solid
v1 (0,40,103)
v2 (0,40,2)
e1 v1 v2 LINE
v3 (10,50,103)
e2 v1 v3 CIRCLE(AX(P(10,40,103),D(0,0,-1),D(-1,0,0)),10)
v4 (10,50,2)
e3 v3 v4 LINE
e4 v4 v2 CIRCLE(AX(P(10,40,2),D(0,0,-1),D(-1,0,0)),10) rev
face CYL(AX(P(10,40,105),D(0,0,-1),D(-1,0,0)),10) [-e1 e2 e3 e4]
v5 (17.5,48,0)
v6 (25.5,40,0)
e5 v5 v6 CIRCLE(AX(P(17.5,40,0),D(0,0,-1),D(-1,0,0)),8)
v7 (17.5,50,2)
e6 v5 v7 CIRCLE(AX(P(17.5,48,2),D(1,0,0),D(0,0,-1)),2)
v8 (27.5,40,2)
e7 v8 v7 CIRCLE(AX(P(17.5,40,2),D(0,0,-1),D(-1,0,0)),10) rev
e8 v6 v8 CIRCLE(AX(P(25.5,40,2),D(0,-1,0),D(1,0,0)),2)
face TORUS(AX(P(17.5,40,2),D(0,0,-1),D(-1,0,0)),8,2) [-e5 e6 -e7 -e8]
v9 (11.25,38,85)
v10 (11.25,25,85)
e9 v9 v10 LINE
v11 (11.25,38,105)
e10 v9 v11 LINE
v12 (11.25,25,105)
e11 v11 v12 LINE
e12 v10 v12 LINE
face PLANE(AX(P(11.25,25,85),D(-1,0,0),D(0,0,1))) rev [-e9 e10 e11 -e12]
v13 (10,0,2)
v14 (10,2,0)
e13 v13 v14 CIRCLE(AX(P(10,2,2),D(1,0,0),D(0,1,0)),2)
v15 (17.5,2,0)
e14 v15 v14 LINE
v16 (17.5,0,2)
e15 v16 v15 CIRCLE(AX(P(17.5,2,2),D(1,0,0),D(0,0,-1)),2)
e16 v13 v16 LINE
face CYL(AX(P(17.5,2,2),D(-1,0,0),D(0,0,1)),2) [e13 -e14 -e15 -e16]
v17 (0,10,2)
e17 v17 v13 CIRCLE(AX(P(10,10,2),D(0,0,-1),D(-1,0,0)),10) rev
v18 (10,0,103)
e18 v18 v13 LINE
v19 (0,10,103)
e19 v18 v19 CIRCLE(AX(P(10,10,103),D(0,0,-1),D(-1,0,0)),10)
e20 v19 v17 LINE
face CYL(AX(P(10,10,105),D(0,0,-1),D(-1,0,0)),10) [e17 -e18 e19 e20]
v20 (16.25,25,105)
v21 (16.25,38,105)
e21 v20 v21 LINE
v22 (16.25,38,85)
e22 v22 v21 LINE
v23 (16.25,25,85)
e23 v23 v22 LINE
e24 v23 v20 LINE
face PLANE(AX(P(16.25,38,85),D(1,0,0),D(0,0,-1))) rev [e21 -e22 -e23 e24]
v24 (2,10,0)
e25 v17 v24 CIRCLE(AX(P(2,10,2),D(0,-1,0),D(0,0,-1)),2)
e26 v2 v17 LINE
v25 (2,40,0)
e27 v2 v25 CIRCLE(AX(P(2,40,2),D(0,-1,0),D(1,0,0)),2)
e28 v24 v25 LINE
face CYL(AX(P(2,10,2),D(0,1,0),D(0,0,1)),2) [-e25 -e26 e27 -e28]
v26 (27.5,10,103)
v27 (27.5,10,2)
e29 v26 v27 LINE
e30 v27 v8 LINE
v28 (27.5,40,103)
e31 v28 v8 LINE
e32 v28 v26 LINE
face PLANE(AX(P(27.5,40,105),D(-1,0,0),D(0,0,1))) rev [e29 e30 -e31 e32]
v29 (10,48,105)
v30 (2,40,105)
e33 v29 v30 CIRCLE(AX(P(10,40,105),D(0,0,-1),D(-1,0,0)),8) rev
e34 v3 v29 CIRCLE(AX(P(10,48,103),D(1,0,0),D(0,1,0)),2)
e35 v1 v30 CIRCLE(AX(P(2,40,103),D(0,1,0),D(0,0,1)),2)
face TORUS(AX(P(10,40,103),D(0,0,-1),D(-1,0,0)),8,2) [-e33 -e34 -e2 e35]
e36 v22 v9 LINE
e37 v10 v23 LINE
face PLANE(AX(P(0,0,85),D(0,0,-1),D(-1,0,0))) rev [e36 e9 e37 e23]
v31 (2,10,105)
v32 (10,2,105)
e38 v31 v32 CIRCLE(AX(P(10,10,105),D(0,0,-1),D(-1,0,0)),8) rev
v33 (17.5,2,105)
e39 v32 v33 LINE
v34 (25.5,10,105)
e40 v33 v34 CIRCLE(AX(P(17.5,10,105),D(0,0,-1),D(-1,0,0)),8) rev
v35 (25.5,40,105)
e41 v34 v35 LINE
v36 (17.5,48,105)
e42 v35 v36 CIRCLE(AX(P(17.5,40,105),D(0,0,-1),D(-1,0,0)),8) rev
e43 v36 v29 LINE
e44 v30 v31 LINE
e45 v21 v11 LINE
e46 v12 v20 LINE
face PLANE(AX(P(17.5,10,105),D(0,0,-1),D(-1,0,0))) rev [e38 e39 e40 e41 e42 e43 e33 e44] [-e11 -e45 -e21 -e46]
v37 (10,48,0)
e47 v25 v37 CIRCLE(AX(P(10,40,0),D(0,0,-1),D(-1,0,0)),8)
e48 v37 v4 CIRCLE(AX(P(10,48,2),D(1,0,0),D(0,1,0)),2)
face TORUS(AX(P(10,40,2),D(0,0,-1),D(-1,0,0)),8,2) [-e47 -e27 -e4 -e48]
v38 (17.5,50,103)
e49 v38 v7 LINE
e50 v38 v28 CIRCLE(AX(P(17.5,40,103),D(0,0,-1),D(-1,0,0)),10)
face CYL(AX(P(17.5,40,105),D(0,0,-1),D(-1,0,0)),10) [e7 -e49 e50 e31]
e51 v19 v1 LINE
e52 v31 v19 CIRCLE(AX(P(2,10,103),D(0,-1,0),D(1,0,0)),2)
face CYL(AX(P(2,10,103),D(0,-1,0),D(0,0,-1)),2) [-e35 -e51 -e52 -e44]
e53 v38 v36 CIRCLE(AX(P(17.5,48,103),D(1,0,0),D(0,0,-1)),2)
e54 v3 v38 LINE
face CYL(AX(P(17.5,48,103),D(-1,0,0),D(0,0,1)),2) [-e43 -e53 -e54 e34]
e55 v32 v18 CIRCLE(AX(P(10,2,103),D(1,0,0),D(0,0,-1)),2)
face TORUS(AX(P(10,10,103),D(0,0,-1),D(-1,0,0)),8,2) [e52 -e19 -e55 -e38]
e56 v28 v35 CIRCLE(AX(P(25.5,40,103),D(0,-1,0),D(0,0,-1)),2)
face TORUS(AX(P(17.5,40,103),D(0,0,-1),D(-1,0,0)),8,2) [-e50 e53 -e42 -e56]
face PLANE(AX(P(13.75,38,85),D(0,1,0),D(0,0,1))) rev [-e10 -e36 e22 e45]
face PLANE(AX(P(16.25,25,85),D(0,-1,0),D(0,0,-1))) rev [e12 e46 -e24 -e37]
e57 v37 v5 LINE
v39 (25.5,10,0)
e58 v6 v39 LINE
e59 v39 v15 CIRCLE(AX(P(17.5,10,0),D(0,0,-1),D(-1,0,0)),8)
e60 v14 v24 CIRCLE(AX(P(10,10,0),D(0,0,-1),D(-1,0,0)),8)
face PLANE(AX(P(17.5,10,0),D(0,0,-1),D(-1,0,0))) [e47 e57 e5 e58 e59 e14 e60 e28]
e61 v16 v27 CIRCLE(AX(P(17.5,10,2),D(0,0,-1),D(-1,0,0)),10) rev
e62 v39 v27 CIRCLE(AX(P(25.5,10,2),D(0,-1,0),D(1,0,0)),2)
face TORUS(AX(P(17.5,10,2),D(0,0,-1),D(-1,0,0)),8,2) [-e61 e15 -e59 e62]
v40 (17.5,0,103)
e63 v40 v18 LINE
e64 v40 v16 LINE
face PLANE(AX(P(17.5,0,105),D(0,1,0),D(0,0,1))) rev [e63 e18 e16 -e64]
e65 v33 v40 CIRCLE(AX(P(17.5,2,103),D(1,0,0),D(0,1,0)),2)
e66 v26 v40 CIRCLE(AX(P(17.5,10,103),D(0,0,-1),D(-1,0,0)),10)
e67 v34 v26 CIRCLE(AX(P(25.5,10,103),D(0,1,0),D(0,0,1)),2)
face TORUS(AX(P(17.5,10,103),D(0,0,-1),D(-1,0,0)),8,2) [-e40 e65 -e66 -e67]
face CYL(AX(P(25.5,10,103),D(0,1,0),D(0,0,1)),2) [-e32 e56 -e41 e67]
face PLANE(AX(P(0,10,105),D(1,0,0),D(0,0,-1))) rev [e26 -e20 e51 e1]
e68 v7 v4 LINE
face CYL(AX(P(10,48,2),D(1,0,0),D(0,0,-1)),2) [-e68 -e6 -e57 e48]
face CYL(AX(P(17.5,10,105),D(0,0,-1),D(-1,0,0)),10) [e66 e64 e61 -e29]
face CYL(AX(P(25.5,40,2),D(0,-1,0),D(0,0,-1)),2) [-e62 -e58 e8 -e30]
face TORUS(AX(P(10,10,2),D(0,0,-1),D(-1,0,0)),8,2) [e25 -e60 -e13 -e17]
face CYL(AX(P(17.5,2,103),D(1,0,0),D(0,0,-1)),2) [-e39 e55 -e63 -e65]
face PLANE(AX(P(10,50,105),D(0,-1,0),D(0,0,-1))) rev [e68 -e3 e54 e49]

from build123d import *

# Parameters (mm, degrees)
BOSS_EXTRUDE1_DEPTH = 105
FILLET1_R           = 2
CUT_EXTRUDE1_DEPTH  = 20


with BuildPart() as part:
    # Sketch1 → Boss-Extrude1 (new body)
    with BuildSketch(Plane.XY):
        with BuildLine():
            Line((0, 10), (0, 40))
            ThreePointArc((0, 40), (2.928932188, 47.071067812), (10, 50))
            Line((10, 50), (17.5, 50))
            ThreePointArc((17.5, 50), (24.571067812, 47.071067812), (27.5, 40))
            Line((27.5, 40), (27.5, 10))
            ThreePointArc((27.5, 10), (24.571067812, 2.928932188), (17.5, 0))
            Line((17.5, 0), (10, 0))
            ThreePointArc((10, 0), (2.928932188, 2.928932188), (0, 10))
        make_face()
    extrude(amount=BOSS_EXTRUDE1_DEPTH)

    # Fillet1
    fillet1_edges = [part.edges().sort_by_distance(p)[0] for p in [
        (13.75, 50, 0),
        (24.571067812, 47.071067812, 0),
        (27.5, 25, 0),
        (24.571067812, 2.928932188, 0),
        (24.571067812, 47.071067812, 105),
        (13.75, 50, 105),
        (2.928932188, 47.071067812, 105),
        (0, 25, 105),
        (2.928932188, 2.928932188, 105),
        (13.75, 0, 105),
        (24.571067812, 2.928932188, 105),
        (13.75, 0, 0),
        (27.5, 25, 105),
        (2.928932188, 2.928932188, 0),
        (0, 25, 0),
        (2.928932188, 47.071067812, 0),
    ]]
    fillet(fillet1_edges, radius=FILLET1_R)

    # Sketch2 → Cut-Extrude1 (cut)
    with BuildSketch(Plane.XY.offset(105)):
        Polygon((13.75, 38), (11.25, 38), (11.25, 25), (16.25, 25), (16.25, 38), align=None)
    extrude(amount=-CUT_EXTRUDE1_DEPTH, mode=Mode.SUBTRACT)


solid = part.part
